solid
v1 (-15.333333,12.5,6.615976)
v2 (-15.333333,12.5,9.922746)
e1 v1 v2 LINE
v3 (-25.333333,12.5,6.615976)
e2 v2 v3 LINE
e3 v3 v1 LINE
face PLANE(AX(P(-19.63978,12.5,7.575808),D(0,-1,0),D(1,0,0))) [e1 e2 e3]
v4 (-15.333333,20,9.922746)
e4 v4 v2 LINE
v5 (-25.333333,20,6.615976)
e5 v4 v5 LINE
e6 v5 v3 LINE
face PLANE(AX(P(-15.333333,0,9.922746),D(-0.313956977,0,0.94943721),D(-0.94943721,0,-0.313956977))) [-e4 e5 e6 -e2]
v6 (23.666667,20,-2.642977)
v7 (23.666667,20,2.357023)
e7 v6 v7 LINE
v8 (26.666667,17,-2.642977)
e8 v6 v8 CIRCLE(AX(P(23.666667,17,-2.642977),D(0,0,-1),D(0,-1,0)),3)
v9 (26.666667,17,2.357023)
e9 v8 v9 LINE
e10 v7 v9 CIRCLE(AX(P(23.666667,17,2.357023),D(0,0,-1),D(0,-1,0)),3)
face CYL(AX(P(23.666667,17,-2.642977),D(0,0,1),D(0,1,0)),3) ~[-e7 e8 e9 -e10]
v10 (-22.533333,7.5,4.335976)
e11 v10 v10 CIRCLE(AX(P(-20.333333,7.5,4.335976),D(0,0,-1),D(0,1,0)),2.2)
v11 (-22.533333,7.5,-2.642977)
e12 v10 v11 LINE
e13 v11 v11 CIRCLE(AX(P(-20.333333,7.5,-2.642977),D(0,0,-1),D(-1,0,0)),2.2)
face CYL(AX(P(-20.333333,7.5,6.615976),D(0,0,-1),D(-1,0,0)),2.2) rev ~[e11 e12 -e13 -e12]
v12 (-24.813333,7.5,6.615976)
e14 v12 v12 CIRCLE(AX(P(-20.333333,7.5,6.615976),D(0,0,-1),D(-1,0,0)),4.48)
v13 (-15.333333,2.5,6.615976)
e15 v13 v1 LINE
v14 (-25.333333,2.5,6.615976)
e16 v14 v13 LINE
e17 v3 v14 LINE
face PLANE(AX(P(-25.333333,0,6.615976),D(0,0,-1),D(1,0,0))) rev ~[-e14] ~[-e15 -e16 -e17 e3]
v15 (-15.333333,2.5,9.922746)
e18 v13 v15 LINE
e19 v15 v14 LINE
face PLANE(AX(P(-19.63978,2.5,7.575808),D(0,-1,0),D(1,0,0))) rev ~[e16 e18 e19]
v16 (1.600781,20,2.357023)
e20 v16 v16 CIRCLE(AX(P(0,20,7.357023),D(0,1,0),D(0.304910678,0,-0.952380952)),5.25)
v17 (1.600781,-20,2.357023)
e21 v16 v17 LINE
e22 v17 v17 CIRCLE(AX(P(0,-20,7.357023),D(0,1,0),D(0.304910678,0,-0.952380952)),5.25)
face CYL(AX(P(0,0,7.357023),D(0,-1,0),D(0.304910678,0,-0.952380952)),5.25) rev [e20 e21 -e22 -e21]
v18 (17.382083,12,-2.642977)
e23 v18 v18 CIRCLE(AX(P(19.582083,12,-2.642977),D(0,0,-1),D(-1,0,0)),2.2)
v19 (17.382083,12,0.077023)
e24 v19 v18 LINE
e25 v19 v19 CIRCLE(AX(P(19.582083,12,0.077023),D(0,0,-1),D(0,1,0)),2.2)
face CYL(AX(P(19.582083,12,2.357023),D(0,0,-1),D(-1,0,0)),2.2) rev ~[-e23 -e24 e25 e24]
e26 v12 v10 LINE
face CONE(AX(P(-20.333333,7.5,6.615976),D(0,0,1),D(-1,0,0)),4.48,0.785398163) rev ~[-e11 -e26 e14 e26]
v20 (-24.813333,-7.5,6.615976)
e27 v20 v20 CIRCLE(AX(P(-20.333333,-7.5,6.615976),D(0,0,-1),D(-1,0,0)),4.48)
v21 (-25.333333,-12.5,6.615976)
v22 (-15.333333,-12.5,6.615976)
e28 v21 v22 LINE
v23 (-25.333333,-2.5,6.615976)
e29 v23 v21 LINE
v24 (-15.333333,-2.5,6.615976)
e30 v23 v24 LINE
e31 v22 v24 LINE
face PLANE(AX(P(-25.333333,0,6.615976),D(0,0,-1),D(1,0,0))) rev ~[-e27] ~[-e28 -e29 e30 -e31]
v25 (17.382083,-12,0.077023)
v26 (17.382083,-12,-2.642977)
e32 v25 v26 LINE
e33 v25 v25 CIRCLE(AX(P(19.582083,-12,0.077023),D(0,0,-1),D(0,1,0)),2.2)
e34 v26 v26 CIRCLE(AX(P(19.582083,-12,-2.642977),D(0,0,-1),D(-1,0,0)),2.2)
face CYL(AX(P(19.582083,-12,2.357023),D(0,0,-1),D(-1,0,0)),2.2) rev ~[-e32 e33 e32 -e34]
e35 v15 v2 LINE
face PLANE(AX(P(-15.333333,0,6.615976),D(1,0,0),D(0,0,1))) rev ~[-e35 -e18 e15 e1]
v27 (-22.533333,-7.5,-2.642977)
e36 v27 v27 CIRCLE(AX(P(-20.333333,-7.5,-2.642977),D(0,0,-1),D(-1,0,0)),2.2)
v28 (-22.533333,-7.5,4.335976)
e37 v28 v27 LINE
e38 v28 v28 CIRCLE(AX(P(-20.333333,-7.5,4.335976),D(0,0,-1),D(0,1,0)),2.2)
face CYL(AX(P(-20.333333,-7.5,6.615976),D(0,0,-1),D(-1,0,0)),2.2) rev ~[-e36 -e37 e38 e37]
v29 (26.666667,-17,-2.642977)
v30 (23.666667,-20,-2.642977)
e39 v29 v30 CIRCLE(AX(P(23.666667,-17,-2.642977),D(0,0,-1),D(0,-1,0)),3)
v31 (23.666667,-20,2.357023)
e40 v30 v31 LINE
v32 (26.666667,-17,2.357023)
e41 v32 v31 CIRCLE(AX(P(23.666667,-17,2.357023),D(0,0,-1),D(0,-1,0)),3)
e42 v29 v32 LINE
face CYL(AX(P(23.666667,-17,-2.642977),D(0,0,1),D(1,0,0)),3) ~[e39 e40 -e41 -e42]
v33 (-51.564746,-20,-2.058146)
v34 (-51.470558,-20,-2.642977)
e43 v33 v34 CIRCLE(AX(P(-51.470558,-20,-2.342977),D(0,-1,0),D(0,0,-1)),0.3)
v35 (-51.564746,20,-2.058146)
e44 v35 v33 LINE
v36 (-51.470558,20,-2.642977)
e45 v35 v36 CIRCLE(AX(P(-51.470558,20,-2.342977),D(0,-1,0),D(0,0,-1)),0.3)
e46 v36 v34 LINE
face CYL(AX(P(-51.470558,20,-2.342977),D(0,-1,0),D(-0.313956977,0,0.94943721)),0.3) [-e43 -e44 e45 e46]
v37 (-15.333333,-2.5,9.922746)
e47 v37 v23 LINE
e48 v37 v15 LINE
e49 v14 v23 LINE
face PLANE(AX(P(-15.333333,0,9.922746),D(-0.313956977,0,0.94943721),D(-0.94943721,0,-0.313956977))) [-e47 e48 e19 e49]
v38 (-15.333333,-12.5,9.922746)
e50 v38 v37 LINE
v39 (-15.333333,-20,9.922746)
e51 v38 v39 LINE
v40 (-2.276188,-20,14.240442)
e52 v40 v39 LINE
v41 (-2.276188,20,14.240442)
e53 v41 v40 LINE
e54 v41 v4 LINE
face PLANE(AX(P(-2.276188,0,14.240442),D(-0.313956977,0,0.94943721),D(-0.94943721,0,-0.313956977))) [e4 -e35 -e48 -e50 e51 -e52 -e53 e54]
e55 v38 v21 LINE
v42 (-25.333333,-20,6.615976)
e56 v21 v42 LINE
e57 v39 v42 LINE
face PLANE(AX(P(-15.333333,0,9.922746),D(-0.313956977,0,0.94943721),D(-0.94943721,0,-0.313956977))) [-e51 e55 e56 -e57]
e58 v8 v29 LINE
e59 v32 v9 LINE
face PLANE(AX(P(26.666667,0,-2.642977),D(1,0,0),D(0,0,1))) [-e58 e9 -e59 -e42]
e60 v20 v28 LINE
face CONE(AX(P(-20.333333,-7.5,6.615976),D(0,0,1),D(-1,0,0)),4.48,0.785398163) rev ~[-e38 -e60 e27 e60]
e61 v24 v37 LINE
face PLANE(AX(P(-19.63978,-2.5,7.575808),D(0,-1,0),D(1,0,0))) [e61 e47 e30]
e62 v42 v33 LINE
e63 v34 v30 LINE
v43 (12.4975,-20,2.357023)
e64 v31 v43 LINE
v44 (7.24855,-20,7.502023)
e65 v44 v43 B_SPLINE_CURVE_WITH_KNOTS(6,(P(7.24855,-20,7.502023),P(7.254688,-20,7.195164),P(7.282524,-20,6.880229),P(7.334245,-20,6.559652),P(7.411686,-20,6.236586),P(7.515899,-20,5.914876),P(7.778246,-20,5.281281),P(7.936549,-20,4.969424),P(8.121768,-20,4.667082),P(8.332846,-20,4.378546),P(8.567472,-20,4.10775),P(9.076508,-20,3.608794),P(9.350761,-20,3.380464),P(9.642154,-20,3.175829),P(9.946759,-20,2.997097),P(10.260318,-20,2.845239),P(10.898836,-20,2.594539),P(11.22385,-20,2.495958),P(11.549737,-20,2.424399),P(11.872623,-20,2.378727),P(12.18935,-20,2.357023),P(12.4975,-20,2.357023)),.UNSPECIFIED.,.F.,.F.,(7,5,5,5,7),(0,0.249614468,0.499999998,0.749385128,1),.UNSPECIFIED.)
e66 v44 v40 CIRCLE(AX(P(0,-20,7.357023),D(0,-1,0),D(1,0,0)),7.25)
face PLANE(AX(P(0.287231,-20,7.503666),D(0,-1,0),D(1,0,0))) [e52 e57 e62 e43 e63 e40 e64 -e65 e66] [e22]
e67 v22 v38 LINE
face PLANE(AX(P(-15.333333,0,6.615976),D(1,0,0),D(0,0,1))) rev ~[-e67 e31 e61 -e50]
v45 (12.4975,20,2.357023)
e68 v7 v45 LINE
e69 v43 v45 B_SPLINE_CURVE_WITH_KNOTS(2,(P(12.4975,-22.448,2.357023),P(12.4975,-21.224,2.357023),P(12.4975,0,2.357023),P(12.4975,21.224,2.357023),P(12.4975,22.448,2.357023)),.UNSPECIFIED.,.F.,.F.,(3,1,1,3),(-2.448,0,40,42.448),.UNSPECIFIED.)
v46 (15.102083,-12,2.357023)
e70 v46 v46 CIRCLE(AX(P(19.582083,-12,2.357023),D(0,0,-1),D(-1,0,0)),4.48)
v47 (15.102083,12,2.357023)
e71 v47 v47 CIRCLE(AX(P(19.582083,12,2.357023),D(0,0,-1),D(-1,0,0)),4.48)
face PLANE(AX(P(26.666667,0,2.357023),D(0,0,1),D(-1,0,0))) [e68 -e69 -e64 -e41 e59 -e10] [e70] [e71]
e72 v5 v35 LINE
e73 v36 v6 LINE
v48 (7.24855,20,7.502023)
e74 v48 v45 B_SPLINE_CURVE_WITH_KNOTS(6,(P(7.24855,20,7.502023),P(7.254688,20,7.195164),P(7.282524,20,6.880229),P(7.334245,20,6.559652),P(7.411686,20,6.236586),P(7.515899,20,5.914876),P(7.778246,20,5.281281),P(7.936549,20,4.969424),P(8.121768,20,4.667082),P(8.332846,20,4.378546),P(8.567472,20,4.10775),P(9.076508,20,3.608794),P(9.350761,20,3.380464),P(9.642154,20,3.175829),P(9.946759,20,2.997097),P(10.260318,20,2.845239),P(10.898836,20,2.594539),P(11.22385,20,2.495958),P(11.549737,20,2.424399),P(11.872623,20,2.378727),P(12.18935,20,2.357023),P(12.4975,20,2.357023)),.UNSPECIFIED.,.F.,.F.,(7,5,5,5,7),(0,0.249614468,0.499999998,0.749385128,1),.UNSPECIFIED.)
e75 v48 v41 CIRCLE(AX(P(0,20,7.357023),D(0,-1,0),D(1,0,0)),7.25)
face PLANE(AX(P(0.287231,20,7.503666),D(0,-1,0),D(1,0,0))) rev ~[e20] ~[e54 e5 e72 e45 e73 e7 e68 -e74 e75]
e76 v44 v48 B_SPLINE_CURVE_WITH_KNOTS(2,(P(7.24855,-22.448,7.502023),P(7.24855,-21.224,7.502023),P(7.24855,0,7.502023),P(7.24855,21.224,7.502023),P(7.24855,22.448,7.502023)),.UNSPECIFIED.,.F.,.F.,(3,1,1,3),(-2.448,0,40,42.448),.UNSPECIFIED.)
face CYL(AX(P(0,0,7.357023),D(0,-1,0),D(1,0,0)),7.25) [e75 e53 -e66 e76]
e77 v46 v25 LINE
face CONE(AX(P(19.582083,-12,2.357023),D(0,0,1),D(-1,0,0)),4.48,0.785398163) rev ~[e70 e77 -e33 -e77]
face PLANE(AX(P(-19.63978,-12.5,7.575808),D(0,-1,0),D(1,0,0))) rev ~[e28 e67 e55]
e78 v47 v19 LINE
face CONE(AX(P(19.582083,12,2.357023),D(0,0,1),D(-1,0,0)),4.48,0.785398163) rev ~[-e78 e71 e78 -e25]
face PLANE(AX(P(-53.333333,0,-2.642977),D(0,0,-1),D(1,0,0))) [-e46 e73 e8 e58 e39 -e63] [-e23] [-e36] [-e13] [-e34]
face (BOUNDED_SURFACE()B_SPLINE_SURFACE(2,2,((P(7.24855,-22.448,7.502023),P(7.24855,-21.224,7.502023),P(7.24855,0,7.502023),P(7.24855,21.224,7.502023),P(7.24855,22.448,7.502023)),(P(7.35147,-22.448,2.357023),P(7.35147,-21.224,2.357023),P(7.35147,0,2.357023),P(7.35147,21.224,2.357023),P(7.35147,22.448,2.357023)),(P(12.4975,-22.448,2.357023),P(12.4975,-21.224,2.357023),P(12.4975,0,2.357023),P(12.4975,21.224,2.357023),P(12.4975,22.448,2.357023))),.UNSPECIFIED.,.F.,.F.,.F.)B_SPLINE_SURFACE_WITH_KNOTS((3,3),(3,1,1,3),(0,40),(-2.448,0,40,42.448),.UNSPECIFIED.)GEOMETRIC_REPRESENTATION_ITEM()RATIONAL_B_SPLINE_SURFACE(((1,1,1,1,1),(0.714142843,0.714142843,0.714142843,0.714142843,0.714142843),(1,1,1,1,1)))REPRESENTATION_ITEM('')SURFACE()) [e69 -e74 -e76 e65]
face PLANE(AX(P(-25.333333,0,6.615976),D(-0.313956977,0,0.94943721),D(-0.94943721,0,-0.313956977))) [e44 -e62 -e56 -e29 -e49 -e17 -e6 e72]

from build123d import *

# Parameters (mm, degrees)
F3_DEPTH        = 20
F4_R            = 5.25
F5_R            = 0.3
F7_D            = 4.4
F7_CSINK_D      = 8.96
F7_CSINK_ANGLE  = 90
F8_DEPTH        = 12.5
F10_D           = 4.4
F10_CSINK_D     = 8.96
F10_CSINK_ANGLE = 90
F11_DEPTH       = 2.5
F12_R           = 3


with BuildPart() as f3:
    # F2 (on Front) → F3 (new body, symmetric)
    with BuildSketch(Plane.XZ):
        with BuildLine():
            ThreePointArc((-2.276188083, 14.2404423798), (-6.1249331198, 3.4778868396), (5.25, 2.357022604))
            ThreePointArc((5.25, 2.357022604), (6.7314560089, 4.6644402004), (7.25, 7.357022604))
            ThreePointArc((7.25, 7.357022604), (4.2461827798, 13.2334527959), (-2.276188083, 14.2404423798))
        make_face()
        with BuildLine():
            ThreePointArc((5.25, 7.357022604), (4.2406721496, 4.261994378), (1.6007810594, 2.357022604))
            ThreePointArc((1.6007810594, 2.357022604), (-4.2406721496, 10.4520508299), (5.25, 7.357022604))
        make_face(mode=Mode.SUBTRACT)
        with BuildLine():
            Line((26.6666666667, -2.642977396), (26.6666666667, 2.357022604))
            Line((26.6666666667, 2.357022604), (7.25, 2.357022604))
            Line((7.25, 2.357022604), (5.25, 2.357022604))
            ThreePointArc((5.25, 2.357022604), (-6.1249331198, 3.4778868396), (-2.276188083, 14.2404423798))
            Line((-2.276188083, 14.2404423798), (-15.3333333333, 9.9227457429))
            Line((-15.3333333333, 9.9227457429), (-15.3333333333, 6.6159764958))
            Line((-15.3333333333, 6.6159764958), (-25.3333333333, 6.6159764958))
            Line((-25.3333333333, 6.6159764958), (-25.3333333333, -2.642977396))
            Line((-25.3333333333, -2.642977396), (26.6666666667, -2.642977396))
        make_face()
        Polygon((-53.3333333333, -2.642977396), (-25.3333333333, -2.642977396), (-25.3333333333, 6.6159764958), align=None)
        Polygon((-15.3333333333, 9.9227457429), (-25.3333333333, 6.6159764958), (-15.3333333333, 6.6159764958), align=None)
    extrude(amount=F3_DEPTH, both=True)

    # F4
    f4_edges = [f3.edges().sort_by_distance(p)[0] for p in [
        (5.25, 0, 2.357023),
    ]]
    fillet(f4_edges, radius=F4_R)

    # F5
    f5_edges = [f3.edges().sort_by_distance(p)[0] for p in [
        (-53.333333, 0, -2.642977),
    ]]
    fillet(f5_edges, radius=F5_R)

    # F7 (through all)
    with Locations(Plane.XY.offset(2.357022604)):
        with Locations((19.5820832083, 12), (19.5820832083, -12)):
            CounterSinkHole(F7_D / 2, F7_CSINK_D / 2, counter_sink_angle=F7_CSINK_ANGLE)

    # F2 (on Front) → F8 (cut, symmetric)
    with BuildSketch(Plane.XZ):
        Polygon((-15.3333333333, 9.9227457429), (-25.3333333333, 6.6159764958), (-15.3333333333, 6.6159764958), align=None)
    extrude(amount=F8_DEPTH, both=True, mode=Mode.SUBTRACT)

    # F10 (through all)
    with Locations(Plane.XY.offset(6.6159764958)):
        with Locations((-20.3333333333, -7.5), (-20.3333333333, 7.5)):
            CounterSinkHole(F10_D / 2, F10_CSINK_D / 2, counter_sink_angle=F10_CSINK_ANGLE)

    # F2 (on Front) → F11 (join, symmetric)
    with BuildSketch(Plane.XZ):
        Polygon((-15.3333333333, 9.9227457429), (-25.3333333333, 6.6159764958), (-15.3333333333, 6.6159764958), align=None)
    extrude(amount=F11_DEPTH, both=True)

    # F12
    f12_edges = [f3.edges().sort_by_distance(p)[0] for p in [
        (26.666667, -20, -0.142977),
        (26.666667, 20, -0.142977),
    ]]
    fillet(f12_edges, radius=F12_R)


solid = f3.part
